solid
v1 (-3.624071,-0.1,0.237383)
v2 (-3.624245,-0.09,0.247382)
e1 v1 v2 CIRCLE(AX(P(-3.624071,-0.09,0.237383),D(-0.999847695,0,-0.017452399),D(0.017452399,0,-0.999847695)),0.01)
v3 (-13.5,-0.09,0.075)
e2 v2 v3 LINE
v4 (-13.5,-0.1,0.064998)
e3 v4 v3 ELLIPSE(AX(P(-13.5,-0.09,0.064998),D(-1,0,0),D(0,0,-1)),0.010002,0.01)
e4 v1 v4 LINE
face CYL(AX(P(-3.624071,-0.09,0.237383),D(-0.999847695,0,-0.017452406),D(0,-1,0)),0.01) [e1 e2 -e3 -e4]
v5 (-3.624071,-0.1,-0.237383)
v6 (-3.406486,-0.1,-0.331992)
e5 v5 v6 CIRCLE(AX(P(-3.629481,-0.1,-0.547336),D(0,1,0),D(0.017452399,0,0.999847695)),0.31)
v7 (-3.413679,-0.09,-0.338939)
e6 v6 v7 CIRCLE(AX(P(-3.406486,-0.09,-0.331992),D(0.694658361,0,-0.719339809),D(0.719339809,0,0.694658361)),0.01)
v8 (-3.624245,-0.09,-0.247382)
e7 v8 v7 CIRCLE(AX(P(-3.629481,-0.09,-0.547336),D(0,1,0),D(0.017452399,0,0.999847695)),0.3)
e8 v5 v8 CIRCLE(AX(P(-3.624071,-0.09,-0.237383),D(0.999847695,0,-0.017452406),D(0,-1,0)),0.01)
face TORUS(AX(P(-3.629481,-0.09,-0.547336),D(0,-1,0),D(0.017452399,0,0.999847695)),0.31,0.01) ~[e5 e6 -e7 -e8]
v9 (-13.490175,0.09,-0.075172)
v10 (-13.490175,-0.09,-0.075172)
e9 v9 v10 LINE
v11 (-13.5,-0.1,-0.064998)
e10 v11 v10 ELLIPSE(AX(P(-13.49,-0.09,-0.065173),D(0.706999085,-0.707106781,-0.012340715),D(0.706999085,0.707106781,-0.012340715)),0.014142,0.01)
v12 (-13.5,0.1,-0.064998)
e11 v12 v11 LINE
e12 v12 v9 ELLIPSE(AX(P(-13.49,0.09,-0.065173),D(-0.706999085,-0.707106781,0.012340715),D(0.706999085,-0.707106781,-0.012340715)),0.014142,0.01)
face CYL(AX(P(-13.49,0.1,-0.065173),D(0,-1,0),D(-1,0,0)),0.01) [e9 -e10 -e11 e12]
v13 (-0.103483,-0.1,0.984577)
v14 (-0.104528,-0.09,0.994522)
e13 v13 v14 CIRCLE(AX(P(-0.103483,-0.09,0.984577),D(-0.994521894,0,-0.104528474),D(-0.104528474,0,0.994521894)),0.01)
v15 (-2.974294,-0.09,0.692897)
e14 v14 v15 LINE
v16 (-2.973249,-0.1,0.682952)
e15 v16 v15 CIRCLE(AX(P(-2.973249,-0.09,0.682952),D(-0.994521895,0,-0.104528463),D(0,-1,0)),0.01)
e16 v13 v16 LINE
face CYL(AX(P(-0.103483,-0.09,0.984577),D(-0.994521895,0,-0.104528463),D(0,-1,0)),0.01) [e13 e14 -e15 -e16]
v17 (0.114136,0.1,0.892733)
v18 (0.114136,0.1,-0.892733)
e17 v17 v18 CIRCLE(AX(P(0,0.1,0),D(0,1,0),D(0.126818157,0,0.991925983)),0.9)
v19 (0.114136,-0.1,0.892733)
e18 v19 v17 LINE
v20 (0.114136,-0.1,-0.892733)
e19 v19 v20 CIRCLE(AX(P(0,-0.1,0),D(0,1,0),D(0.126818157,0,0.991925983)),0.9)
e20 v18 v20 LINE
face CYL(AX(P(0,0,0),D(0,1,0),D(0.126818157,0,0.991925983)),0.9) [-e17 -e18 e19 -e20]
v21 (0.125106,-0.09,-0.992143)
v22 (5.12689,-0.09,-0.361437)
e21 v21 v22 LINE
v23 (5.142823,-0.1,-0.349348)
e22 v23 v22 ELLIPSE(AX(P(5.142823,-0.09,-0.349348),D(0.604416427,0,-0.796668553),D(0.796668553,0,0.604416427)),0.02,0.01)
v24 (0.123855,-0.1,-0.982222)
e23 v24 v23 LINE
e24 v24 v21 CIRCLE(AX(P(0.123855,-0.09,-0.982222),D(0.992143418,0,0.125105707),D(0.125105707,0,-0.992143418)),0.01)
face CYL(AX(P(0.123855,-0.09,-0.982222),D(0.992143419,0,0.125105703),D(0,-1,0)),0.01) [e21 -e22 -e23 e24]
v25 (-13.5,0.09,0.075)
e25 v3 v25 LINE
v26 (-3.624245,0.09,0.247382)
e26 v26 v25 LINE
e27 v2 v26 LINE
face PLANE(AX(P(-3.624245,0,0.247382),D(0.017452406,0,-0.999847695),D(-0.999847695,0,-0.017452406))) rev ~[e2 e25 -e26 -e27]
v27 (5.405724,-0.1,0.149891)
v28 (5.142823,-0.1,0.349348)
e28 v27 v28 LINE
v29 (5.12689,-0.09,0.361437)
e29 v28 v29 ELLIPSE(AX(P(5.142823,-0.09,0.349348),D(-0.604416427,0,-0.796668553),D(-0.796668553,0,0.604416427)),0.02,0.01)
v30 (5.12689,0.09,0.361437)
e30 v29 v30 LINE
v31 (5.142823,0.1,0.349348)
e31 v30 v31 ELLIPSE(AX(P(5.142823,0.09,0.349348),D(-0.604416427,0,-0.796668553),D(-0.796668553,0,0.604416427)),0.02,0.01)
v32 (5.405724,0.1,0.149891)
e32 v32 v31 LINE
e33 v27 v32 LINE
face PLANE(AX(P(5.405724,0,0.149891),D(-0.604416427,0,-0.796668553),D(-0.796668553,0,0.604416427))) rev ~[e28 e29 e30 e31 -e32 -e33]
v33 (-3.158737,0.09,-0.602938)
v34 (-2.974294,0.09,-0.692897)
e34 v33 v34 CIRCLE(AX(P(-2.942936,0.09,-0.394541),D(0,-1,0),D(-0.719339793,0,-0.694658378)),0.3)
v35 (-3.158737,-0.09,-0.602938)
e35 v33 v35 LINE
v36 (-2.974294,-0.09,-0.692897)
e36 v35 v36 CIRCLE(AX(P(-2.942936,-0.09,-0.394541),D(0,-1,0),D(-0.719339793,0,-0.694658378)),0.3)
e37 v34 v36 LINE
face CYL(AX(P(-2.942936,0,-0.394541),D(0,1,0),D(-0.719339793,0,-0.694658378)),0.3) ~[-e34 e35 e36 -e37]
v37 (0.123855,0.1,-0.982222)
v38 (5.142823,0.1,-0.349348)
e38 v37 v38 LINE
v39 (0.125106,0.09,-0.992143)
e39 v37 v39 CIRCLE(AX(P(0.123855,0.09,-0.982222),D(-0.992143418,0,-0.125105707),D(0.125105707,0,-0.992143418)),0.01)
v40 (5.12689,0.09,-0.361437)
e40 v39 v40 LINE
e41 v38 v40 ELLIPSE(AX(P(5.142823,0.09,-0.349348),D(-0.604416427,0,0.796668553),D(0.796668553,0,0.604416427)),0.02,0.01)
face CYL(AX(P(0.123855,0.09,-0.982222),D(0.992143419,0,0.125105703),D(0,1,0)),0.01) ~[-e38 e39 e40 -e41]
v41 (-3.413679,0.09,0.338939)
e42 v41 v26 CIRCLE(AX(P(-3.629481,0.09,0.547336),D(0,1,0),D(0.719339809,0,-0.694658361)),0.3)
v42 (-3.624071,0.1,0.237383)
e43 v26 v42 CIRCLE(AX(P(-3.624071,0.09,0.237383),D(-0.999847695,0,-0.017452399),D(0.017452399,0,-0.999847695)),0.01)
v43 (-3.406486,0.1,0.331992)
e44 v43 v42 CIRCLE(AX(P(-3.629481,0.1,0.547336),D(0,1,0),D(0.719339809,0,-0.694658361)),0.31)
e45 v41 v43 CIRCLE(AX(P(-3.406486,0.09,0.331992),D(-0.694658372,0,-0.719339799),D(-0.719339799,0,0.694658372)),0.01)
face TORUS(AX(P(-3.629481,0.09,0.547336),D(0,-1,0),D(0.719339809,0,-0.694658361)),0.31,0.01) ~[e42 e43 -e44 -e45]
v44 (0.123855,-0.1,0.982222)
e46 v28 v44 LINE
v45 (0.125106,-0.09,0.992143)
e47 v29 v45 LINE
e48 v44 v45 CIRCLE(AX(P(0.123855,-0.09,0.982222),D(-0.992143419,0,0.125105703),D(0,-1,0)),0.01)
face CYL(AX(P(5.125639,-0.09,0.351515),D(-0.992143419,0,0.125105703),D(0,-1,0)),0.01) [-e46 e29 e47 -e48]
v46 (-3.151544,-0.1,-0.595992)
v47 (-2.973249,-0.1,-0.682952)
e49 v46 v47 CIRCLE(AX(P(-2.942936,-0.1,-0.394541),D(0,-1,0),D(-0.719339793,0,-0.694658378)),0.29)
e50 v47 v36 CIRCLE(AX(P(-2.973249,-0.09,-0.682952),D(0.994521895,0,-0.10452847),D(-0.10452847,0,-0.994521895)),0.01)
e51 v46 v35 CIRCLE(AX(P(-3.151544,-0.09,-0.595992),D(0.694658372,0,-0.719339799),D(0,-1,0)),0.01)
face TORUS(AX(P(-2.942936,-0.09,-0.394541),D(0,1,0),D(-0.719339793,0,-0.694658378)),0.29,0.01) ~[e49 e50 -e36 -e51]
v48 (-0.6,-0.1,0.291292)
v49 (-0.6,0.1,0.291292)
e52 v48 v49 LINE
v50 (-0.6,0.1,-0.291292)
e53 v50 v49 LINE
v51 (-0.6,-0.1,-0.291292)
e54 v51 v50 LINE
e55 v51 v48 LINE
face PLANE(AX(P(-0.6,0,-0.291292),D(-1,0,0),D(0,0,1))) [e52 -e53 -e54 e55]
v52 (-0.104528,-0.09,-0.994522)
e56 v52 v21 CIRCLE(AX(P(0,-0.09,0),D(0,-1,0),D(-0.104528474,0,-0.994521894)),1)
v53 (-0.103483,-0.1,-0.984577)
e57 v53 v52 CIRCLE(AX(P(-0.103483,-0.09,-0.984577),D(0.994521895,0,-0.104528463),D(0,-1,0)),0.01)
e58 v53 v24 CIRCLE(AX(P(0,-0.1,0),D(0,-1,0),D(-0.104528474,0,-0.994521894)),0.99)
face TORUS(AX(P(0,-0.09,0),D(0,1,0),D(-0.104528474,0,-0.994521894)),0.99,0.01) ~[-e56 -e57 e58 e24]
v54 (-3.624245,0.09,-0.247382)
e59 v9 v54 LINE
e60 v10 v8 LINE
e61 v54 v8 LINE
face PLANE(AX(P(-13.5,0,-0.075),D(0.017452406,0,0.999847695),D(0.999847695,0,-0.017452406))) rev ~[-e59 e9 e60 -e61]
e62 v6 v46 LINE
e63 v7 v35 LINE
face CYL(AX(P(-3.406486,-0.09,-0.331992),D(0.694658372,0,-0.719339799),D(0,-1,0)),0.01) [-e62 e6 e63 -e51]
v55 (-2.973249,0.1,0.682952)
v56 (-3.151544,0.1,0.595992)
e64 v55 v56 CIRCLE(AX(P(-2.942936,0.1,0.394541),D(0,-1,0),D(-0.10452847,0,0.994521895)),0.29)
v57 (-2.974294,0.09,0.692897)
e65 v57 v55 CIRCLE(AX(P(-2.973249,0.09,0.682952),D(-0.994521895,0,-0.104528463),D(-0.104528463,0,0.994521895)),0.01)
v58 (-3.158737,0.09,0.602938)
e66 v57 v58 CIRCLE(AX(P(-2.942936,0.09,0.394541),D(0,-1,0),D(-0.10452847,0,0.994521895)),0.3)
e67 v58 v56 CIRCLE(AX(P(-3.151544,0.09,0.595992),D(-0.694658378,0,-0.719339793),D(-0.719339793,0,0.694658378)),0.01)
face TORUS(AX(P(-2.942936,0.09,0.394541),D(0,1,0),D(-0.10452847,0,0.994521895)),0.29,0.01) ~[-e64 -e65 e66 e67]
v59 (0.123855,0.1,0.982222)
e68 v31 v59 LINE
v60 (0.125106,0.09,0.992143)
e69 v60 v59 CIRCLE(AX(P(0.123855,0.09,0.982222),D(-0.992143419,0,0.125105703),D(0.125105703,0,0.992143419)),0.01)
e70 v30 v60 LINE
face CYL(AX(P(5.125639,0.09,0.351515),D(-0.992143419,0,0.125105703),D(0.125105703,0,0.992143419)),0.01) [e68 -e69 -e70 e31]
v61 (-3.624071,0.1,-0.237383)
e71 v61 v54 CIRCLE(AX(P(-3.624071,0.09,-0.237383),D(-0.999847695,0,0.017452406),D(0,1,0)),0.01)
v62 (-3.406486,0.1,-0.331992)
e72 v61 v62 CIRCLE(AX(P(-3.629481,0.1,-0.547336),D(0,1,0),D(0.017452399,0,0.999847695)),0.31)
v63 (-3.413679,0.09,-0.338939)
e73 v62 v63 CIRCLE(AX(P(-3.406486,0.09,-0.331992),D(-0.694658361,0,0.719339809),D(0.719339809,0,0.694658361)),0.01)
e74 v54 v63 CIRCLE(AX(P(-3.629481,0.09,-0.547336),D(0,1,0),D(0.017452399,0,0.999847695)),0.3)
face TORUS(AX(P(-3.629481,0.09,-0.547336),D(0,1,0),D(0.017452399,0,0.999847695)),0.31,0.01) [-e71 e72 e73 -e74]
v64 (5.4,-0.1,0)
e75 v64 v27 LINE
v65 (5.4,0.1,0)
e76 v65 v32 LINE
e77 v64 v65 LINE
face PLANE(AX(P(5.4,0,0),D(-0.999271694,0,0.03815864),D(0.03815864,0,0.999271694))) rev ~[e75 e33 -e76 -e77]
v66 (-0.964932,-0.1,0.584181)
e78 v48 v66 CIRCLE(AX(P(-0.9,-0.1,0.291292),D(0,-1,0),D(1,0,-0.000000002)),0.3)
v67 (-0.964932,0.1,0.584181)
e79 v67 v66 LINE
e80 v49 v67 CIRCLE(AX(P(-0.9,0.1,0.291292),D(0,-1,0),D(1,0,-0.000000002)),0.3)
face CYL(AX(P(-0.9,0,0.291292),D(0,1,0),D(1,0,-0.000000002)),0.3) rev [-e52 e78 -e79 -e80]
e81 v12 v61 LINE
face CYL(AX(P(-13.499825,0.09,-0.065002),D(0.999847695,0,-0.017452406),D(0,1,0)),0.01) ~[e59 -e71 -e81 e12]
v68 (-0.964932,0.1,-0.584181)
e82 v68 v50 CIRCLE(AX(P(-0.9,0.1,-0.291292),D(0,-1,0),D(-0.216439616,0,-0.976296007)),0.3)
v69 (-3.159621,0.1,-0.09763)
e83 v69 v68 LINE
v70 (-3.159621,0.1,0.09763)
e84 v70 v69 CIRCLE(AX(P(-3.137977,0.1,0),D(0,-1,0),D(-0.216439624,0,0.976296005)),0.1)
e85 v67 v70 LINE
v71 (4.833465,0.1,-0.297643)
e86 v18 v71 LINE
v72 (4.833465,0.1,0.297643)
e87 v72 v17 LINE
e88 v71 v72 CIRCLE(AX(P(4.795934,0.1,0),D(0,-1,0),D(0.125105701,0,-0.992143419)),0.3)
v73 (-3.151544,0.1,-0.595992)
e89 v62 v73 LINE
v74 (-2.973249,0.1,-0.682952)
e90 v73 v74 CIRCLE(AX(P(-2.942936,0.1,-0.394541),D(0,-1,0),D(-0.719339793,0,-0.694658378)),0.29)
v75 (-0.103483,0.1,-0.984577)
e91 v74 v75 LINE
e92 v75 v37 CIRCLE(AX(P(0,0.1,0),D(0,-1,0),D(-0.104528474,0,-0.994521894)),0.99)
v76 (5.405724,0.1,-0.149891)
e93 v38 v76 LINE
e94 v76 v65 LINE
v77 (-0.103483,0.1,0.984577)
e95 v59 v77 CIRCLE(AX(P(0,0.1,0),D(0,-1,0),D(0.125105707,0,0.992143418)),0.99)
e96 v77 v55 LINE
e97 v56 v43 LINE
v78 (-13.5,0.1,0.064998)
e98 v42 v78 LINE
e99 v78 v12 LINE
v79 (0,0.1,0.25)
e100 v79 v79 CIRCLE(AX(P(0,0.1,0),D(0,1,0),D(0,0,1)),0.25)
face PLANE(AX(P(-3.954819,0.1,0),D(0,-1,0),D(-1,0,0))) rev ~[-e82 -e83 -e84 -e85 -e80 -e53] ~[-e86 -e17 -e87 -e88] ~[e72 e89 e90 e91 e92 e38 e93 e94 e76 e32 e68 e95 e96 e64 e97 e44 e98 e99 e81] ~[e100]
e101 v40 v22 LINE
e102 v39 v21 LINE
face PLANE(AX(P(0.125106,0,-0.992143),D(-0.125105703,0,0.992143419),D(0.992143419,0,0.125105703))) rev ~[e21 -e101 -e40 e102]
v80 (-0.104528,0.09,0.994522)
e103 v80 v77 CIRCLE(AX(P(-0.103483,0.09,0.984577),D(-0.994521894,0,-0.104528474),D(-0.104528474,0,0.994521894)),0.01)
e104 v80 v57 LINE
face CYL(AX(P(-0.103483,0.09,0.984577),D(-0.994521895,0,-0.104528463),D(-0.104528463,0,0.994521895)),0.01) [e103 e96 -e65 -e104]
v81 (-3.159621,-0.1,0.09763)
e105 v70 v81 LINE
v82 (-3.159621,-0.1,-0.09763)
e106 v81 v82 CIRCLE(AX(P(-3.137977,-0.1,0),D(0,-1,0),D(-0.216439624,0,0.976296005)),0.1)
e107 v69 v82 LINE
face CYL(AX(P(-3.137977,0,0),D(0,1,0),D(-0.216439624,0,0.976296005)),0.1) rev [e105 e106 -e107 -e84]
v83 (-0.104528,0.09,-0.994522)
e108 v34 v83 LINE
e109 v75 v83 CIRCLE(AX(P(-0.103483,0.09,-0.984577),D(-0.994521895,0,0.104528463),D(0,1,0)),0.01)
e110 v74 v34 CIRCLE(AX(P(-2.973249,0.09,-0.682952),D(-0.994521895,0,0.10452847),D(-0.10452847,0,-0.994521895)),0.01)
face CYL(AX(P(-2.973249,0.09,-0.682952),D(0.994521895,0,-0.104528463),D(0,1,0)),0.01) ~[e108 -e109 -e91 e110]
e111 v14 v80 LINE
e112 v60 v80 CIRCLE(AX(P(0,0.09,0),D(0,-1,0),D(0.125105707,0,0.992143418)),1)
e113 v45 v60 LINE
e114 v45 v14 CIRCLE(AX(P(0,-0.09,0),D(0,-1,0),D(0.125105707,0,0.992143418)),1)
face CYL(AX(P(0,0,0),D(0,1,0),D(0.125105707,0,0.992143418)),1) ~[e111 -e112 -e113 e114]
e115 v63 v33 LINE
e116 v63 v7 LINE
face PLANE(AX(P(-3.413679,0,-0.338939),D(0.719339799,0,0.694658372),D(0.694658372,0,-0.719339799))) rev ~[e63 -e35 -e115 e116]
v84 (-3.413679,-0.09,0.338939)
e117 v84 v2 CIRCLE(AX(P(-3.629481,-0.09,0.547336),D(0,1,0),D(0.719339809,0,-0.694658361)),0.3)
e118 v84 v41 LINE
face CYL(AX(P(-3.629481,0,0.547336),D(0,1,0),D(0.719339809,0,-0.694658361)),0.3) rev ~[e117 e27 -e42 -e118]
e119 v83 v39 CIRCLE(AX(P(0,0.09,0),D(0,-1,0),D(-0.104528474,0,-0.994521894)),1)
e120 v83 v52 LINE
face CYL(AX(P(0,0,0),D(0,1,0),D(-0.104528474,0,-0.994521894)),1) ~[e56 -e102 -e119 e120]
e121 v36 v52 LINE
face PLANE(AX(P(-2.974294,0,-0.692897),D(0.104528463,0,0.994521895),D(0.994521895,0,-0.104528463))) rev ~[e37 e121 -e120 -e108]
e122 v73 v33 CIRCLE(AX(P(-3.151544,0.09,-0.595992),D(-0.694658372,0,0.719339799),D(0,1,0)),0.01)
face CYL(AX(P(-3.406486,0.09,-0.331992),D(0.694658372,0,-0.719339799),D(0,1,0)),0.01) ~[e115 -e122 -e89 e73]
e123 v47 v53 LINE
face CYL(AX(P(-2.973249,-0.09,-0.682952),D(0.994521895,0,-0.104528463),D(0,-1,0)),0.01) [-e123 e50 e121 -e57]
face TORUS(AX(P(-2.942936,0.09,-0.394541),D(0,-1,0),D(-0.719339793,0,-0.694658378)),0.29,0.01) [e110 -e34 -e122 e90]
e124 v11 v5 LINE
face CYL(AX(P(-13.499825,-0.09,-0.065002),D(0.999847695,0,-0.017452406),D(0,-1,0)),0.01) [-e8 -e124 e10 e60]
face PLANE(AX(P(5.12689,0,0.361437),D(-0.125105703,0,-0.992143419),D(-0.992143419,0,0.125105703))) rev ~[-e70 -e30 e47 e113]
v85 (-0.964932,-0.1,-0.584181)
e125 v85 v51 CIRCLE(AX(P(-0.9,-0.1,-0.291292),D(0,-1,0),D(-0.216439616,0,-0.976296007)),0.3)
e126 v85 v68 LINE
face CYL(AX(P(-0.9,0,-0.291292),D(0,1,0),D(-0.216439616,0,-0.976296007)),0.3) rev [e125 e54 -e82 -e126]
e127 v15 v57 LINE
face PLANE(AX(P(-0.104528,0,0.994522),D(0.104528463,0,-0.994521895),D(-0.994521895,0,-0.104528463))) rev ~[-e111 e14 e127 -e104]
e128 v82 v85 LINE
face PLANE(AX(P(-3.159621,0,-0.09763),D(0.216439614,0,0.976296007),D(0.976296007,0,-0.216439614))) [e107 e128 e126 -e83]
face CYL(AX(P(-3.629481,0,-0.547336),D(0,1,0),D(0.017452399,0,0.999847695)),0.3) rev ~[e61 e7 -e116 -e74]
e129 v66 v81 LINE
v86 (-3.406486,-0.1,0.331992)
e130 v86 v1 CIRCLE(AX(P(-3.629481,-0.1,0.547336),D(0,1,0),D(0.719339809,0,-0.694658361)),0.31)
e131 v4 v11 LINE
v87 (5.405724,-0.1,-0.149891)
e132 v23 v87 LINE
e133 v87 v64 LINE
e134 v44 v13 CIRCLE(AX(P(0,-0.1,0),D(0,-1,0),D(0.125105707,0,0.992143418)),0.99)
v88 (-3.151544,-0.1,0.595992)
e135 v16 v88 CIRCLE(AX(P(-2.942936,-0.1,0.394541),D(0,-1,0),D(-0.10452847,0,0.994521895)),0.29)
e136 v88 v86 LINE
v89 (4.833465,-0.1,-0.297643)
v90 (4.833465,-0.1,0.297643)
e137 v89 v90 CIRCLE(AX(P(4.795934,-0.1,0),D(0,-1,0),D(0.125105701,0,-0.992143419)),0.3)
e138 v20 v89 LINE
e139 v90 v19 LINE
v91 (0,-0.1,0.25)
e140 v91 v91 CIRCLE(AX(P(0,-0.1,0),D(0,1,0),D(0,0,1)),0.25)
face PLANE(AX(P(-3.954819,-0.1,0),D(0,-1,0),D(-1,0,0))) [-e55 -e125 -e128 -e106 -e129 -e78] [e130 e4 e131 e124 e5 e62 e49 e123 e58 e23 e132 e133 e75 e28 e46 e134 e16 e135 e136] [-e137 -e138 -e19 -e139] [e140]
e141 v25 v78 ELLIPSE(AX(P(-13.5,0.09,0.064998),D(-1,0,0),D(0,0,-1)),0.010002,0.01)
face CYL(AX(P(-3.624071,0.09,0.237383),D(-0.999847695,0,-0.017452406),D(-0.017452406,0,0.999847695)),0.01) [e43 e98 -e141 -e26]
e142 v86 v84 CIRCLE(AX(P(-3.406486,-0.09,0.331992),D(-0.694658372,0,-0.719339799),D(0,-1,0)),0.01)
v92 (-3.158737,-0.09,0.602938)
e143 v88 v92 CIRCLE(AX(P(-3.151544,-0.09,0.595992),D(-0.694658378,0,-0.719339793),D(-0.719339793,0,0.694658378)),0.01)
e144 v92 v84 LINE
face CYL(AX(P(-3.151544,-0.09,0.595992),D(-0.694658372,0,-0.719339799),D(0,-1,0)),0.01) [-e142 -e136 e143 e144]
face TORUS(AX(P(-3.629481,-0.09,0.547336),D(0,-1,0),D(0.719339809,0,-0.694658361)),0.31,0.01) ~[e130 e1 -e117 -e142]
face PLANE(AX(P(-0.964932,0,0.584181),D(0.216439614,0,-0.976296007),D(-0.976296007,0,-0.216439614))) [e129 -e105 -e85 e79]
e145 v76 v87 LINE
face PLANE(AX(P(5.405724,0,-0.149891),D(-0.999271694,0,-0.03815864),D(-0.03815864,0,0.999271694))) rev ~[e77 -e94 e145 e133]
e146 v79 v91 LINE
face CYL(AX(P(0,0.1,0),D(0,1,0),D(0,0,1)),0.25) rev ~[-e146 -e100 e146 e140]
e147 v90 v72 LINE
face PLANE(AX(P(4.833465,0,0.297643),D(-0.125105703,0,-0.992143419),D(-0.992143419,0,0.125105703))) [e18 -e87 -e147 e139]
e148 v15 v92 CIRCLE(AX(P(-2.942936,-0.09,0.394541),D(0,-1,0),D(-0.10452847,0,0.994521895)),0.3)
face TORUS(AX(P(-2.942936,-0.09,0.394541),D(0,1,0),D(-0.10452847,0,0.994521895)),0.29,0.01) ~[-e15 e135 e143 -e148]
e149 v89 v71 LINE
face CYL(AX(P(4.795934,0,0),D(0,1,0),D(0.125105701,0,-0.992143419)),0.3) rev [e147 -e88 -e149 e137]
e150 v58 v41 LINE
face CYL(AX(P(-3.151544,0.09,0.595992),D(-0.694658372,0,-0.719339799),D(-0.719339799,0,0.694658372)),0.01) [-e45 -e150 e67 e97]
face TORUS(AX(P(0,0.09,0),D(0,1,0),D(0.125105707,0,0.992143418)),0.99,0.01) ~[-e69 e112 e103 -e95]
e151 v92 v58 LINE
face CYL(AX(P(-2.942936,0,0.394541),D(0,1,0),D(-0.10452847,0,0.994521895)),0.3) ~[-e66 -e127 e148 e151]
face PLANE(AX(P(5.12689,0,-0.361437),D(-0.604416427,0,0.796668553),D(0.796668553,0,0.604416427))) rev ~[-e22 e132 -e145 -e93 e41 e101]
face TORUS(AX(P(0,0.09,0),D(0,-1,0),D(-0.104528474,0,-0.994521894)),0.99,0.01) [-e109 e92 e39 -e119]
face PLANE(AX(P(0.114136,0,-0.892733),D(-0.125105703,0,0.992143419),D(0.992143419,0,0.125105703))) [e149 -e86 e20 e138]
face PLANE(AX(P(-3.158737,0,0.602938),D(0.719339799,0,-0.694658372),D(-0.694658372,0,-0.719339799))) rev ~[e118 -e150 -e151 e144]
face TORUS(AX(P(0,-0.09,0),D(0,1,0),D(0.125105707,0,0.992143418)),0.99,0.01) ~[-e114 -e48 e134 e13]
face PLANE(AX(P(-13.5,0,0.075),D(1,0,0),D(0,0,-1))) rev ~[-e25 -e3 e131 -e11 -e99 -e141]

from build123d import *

# Parameters (mm, degrees)
BOSS_EXTRUDE1_DEPTH = 0.1
SKETCH2_R           = 0.25
CUT_EXTRUDE1_DEPTH  = 14.538463724
FILLET1_R           = 0.01


with BuildPart() as part:
    # Sketch1 → Boss-Extrude1 (new, symmetric)
    with BuildSketch(Plane(origin=(0, 0, 0), x_dir=(1, 0, 0), z_dir=(0, 1, 0))):
        with BuildLine():
            Line((-13.5, -0.075), (-13.5, 0.075))
            Line((-13.5, 0.075), (-3.624245143, 0.247381942))
            ThreePointArc((-3.624245143, 0.247381942), (-3.509856144, 0.272218228), (-3.413678925, 0.33893874))
            Line((-3.413678925, 0.33893874), (-3.158737497, 0.602938316))
            ThreePointArc((-3.158737497, 0.602938316), (-3.074446901, 0.664179018), (-2.974294096, 0.692897373))
            Line((-2.974294096, 0.692897373), (-0.104528463, 0.994521895))
            ThreePointArc((-0.104528463, 0.994521895), (0.010357122, 0.999946364), (0.125105703, 0.992143419))
            Line((0.125105703, 0.992143419), (5.126889803, 0.361436503))
            Line((5.126889803, 0.361436503), (5.405723796, 0.149890754))
            Line((5.405723796, 0.149890754), (5.4, 0))
            Line((5.4, 0), (5.405723796, -0.149890754))
            Line((5.405723796, -0.149890754), (5.126889803, -0.361436503))
            Line((5.126889803, -0.361436503), (0.125105703, -0.992143419))
            ThreePointArc((0.125105703, -0.992143419), (0.010357122, -0.999946364), (-0.104528463, -0.994521895))
            Line((-0.104528463, -0.994521895), (-2.974294096, -0.692897373))
            ThreePointArc((-2.974294096, -0.692897373), (-3.074446901, -0.664179018), (-3.158737497, -0.602938316))
            Line((-3.158737497, -0.602938316), (-3.413678925, -0.33893874))
            ThreePointArc((-3.413678925, -0.33893874), (-3.509856144, -0.272218228), (-3.624245143, -0.247381942))
            Line((-3.624245143, -0.247381942), (-13.5, -0.075))
        make_face()
        with BuildLine():
            Line((-3.15962133, 0.097629601), (-0.964931884, 0.584180537))
            ThreePointArc((-0.964931884, 0.584180537), (-0.712222958, 0.52525708), (-0.6, 0.291291735))
            Line((-0.6, 0.291291735), (-0.6, -0.291291735))
            ThreePointArc((-0.6, -0.291291735), (-0.712222958, -0.52525708), (-0.964931884, -0.584180537))
            Line((-0.964931884, -0.584180537), (-3.15962133, -0.097629601))
            ThreePointArc((-3.15962133, -0.097629601), (-3.237977368, 0), (-3.15962133, 0.097629601))
        make_face(mode=Mode.SUBTRACT)
        with BuildLine():
            Line((0.114136342, 0.892733384), (4.833465433, 0.297643026))
            ThreePointArc((4.833465433, 0.297643026), (5.095933723, 0), (4.833465433, -0.297643026))
            Line((4.833465433, -0.297643026), (0.114136342, -0.892733384))
            ThreePointArc((0.114136342, -0.892733384), (0.9, 0), (0.114136342, 0.892733384))
        make_face(mode=Mode.SUBTRACT)
    extrude(amount=BOSS_EXTRUDE1_DEPTH, both=True)

    # Sketch2 → Cut-Extrude1 (cut, through all)
    with BuildSketch(Plane(origin=(0, 0.1, 0), x_dir=(1, 0, 0), z_dir=(0, 1, 0))):
        with Locations(Location((0, 0, 0), (0, 0, 270))):
            Circle(SKETCH2_R)
    extrude(amount=-CUT_EXTRUDE1_DEPTH, mode=Mode.SUBTRACT)

    # Fillet1
    fillet1_edges = [part.edges().sort_by_distance(p)[0] for p in [
        (2.625997753, 0.1, -0.676789961),
        (0.010357122, 0.1, -0.999946364),
        (2.625997753, -0.1, 0.676789961),
        (0.010357122, -0.1, 0.999946364),
        (-1.53941128, -0.1, 0.843709634),
        (-3.074446901, -0.1, 0.664179018),
        (-3.286208211, -0.1, 0.470938528),
        (-3.509856144, -0.1, 0.272218228),
        (-1.53941128, 0.1, -0.843709634),
        (-8.562122571, -0.1, 0.161190971),
        (-8.562122571, -0.1, -0.161190971),
        (-3.509856144, -0.1, -0.272218228),
        (-3.286208211, -0.1, -0.470938528),
        (-3.074446901, -0.1, -0.664179018),
        (-1.53941128, -0.1, -0.843709634),
        (-3.074446901, 0.1, -0.664179018),
        (0.010357122, -0.1, -0.999946364),
        (2.625997753, -0.1, -0.676789961),
        (-3.286208211, 0.1, -0.470938528),
        (-3.509856144, 0.1, -0.272218228),
        (-13.5, 0, -0.075),
        (-8.562122571, 0.1, -0.161190971),
        (-8.562122571, 0.1, 0.161190971),
        (-3.509856144, 0.1, 0.272218228),
        (-3.286208211, 0.1, 0.470938528),
        (-3.074446901, 0.1, 0.664179018),
        (-1.53941128, 0.1, 0.843709634),
        (0.010357122, 0.1, 0.999946364),
        (2.625997753, 0.1, 0.676789961),
    ]]
    fillet(fillet1_edges, radius=FILLET1_R)


solid = part.part
